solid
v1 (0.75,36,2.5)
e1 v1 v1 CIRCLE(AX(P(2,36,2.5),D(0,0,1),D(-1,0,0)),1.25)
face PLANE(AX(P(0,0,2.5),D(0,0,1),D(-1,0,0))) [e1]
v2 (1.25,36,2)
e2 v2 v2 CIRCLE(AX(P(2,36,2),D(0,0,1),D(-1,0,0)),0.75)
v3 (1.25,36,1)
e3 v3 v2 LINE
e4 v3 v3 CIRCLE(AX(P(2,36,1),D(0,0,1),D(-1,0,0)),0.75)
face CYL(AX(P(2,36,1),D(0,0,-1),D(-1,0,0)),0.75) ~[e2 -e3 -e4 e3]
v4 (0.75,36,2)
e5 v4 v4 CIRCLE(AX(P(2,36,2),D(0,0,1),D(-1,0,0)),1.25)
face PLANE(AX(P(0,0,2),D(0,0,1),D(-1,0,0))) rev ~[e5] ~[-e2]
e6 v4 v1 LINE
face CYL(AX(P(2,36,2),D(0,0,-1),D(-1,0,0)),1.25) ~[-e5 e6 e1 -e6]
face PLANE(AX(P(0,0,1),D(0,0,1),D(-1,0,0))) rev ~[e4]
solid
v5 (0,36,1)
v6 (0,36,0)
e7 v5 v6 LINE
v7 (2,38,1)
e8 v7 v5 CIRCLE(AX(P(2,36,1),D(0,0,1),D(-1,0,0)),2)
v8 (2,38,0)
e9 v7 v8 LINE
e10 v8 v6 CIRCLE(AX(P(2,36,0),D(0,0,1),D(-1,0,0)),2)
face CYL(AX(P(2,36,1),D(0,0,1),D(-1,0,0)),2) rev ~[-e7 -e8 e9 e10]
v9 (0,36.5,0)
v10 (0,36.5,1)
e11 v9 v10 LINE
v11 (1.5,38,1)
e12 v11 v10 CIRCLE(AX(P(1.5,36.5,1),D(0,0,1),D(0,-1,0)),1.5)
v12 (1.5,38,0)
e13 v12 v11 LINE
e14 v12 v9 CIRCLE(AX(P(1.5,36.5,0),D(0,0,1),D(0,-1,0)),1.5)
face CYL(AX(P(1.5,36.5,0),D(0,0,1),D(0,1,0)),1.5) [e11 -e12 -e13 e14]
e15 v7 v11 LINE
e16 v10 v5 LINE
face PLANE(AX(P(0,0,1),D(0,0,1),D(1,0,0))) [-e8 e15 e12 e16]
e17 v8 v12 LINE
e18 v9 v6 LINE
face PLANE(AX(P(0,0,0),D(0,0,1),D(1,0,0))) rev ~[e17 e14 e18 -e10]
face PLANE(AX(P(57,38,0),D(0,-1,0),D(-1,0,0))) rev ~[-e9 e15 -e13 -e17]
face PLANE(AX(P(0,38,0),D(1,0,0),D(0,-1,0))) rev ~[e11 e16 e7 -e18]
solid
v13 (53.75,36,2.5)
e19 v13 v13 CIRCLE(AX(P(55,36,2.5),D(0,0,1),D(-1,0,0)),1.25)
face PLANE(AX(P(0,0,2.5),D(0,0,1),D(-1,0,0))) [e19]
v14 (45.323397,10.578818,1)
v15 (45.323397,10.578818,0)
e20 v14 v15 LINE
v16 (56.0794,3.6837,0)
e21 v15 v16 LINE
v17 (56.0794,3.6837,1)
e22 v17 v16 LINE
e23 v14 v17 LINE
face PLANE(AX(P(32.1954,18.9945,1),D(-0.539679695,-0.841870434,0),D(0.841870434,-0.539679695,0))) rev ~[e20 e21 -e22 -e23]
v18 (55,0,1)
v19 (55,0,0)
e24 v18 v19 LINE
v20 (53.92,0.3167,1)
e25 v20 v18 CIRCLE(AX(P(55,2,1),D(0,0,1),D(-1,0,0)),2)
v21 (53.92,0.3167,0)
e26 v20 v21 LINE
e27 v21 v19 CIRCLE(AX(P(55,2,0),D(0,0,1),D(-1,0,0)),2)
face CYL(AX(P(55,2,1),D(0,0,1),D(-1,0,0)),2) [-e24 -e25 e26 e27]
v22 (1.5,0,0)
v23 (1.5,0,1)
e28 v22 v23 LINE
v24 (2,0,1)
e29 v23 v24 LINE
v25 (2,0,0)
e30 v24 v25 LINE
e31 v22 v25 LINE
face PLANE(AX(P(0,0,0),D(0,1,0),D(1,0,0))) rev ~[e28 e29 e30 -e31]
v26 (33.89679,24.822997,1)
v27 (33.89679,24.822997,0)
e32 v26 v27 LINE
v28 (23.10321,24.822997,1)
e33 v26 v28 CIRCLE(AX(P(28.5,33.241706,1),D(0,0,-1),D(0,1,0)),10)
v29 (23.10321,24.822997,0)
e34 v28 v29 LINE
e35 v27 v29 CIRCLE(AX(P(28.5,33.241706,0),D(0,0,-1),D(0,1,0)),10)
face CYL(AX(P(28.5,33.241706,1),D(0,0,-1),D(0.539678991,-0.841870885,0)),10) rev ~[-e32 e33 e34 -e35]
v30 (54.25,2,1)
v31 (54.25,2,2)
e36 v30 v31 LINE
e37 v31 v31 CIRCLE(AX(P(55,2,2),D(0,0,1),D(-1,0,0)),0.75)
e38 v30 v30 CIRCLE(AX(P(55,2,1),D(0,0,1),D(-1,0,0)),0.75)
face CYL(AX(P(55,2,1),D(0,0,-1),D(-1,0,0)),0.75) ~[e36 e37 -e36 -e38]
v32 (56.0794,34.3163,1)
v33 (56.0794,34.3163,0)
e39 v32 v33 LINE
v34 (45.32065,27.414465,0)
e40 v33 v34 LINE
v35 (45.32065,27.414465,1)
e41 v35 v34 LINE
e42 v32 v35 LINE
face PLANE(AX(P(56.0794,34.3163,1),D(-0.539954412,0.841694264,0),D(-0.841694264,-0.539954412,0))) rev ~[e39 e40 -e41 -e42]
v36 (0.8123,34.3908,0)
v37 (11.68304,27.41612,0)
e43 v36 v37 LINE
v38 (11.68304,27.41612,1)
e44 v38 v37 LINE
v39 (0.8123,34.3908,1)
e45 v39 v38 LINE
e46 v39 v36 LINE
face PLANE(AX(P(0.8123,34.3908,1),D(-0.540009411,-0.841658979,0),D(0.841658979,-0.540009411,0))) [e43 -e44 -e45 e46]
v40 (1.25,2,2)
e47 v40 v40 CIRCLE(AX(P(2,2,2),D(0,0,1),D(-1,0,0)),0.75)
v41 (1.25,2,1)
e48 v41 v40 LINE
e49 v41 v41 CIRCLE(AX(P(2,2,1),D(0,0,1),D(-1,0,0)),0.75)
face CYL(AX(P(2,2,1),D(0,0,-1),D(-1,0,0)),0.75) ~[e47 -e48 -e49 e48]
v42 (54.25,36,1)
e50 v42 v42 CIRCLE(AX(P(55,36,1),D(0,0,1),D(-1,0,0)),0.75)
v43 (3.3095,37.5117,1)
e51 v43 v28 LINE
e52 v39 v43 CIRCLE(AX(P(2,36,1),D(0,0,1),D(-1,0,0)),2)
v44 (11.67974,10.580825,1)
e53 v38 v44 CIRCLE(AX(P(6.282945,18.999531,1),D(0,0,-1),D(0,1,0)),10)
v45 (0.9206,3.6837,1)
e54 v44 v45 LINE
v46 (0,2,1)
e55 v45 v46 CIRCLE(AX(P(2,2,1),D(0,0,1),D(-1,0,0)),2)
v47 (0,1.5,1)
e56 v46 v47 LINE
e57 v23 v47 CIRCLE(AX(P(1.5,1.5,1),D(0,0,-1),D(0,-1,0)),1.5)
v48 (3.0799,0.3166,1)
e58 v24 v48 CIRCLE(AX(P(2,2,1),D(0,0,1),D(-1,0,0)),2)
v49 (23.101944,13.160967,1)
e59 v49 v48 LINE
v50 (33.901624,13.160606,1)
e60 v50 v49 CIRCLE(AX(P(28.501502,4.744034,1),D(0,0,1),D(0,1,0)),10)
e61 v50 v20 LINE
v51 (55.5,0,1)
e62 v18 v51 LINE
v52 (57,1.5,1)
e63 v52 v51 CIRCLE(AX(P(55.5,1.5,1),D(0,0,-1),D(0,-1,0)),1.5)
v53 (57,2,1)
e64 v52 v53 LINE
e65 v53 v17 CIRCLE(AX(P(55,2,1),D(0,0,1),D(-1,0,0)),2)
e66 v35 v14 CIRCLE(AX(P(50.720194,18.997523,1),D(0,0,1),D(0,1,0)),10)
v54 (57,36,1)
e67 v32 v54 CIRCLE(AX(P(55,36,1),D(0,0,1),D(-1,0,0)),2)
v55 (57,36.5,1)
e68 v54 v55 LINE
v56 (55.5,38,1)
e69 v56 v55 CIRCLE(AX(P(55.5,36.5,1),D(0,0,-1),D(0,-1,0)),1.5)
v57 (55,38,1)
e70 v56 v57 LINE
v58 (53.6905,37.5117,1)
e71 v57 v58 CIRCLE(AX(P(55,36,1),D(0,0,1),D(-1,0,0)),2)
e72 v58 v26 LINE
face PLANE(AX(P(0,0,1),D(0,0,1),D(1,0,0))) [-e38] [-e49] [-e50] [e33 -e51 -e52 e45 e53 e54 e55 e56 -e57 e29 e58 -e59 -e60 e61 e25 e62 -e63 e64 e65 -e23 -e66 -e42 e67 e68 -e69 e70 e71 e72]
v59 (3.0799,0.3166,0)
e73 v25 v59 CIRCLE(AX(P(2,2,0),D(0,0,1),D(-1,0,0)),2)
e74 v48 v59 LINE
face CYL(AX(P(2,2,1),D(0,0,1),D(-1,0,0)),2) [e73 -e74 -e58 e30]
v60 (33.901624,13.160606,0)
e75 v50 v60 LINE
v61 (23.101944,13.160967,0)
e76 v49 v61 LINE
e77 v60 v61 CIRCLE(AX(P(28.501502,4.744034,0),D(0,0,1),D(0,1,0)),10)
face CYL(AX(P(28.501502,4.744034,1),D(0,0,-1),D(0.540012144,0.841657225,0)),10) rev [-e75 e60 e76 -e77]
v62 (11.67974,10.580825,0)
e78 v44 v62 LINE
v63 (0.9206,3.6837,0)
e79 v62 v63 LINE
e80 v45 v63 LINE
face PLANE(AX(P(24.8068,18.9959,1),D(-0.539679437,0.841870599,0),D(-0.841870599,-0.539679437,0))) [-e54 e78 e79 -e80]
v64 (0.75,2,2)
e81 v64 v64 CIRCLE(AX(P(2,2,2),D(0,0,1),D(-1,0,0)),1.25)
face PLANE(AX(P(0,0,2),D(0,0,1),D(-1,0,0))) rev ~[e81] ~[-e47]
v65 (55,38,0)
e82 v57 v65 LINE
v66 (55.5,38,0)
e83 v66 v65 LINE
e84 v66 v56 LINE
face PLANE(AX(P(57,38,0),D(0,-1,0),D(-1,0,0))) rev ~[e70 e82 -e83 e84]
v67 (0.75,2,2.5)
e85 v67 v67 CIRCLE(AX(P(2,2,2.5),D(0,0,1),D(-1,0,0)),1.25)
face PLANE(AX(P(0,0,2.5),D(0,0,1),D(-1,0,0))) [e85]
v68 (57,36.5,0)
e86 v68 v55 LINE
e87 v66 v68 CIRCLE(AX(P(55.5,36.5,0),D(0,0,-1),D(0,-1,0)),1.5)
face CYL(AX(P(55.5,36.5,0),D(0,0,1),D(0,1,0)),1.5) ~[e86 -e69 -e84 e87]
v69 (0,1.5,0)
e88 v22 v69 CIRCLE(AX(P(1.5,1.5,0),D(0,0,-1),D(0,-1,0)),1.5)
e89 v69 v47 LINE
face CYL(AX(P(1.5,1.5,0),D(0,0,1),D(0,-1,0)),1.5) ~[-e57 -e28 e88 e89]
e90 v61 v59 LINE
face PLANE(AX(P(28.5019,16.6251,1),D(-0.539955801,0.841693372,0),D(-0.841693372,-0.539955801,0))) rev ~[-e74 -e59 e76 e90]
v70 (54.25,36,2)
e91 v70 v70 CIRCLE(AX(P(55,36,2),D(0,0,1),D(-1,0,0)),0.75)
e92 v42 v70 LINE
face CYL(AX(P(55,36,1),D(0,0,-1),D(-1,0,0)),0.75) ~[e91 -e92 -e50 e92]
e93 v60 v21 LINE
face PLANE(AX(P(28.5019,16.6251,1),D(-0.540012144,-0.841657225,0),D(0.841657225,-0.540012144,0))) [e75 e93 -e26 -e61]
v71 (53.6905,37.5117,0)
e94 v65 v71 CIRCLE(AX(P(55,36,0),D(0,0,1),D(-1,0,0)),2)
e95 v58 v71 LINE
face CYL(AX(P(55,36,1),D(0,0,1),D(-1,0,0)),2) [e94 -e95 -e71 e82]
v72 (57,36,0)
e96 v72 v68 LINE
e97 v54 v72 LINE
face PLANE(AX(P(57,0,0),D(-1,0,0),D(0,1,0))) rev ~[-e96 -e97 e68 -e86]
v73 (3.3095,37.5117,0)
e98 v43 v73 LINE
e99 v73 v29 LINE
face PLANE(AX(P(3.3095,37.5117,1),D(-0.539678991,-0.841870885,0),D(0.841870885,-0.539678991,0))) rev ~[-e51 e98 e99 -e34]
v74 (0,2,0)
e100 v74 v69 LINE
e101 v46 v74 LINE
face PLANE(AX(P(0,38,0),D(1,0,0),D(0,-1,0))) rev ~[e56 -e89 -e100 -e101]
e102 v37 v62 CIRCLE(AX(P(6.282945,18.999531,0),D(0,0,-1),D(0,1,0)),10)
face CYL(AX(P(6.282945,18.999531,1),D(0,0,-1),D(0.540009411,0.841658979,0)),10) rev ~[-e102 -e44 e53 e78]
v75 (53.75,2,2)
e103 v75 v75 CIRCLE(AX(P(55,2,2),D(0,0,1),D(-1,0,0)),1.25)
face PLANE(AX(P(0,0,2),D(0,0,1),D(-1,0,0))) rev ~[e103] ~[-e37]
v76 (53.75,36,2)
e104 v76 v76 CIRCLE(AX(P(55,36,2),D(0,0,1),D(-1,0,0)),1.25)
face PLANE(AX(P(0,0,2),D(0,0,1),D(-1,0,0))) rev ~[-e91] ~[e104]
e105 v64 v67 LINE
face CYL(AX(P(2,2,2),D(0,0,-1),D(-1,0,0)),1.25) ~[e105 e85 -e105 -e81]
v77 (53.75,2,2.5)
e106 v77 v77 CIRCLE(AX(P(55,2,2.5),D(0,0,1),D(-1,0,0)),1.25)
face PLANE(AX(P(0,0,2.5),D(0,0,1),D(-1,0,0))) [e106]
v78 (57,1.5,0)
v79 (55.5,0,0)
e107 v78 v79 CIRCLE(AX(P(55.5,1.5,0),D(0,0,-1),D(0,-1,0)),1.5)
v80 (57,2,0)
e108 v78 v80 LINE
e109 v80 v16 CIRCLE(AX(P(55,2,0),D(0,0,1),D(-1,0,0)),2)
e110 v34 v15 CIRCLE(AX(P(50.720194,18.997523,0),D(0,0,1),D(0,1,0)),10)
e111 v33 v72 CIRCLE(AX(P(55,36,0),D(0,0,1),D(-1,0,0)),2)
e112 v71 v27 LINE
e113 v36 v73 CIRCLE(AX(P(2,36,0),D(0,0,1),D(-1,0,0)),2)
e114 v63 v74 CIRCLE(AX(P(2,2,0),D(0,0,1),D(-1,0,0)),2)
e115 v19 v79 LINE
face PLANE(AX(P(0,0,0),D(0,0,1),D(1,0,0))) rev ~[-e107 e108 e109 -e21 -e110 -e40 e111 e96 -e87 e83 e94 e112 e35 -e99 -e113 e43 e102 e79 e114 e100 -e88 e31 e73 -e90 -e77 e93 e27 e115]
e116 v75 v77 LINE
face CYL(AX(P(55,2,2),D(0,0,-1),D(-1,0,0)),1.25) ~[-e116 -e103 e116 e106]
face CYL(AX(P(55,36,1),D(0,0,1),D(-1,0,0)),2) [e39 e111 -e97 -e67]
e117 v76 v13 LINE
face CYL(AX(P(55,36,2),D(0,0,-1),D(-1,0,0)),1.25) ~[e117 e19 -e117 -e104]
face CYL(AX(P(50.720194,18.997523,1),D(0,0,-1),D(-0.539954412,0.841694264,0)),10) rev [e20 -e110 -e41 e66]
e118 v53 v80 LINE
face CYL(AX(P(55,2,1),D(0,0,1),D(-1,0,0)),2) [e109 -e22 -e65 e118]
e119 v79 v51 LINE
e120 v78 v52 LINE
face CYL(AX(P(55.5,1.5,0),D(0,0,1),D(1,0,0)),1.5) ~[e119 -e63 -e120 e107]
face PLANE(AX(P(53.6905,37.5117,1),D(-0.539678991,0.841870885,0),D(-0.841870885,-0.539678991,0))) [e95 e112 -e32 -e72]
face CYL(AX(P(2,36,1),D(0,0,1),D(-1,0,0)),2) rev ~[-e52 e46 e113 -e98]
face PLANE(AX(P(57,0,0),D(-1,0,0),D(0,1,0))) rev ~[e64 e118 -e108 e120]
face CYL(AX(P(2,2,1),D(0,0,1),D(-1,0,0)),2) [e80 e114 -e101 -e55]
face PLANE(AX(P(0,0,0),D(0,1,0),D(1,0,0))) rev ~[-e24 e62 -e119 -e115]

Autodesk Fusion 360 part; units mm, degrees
sketch "Skizze1" plane through (0, 0, 0) normal (0, 0, 1) x (1, 0, 0)
  line L0 (0, 0) -> (57, 0)
  line L1 (57, 0) -> (57, 38)
  line L2 (57, 38) -> (0, 38)
  line L3 (0, 38) -> (0, 0)
  dimension "d1" = 57
  dimension "d2" = 38
extrude "Extrusion1" add sketch "Skizze1" along normal blind 1
sketch "Skizze2" plane through (0, 0, 1) normal (0, 0, 1) x (-1, 0, 0)
  line L0 (0, -38) -> (0, 0)
  line L1 (0, 0) -> (-57, 0)
  line L2 (-57, 0) -> (-57, -38)
  line L3 (-57, -38) -> (0, -38)
  circle A0 centre (-2, -36) radius 0.75
  circle A1 centre (-55, -36) radius 0.75
  circle A2 centre (-2, -2) radius 0.75
  circle A3 centre (-55, -2) radius 0.75
  line L4 (-2, -36) -> (-55, -36) construction
  line L5 (-55, -36) -> (-55, -2) construction
  line L6 (-55, -2) -> (-2, -2) construction
  line L7 (-2, -2) -> (-2, -36) construction
  line L8 (-28.5, -38) -> (-28.5, 0) construction
  line L9 (0, -19) -> (-57, -19) construction
  dimension "d5" = 1.5
  dimension "d6" = 1.5
  dimension "d7" = 1.5
  dimension "d8" = 1.5
  dimension "d9" = 53
  dimension "d10" = 53
  dimension "d11" = 26.5
  dimension "d12" = 17
  dimension "d13" = 34
extrude "Extrusion2" add sketch "Skizze2" along normal blind 1 contours A0 | A1 | A2 | A3
sketch "Skizze3" plane through (0, 0, 2) normal (0, 0, 1) x (-1, 0, 0)
  circle A0 centre (-2, -36) radius 0.75
  circle A1 centre (-2, -36) radius 1.25
  circle A2 centre (-55, -36) radius 1.25
  circle A3 centre (-2, -2) radius 1.25
  circle A4 centre (-55, -2) radius 1.25
  dimension "d16" = 2.5
  dimension "d17" = 2.5
  dimension "d18" = 2.5
  dimension "d19" = 2.5
extrude "Extrusion3" add sketch "Skizze3" along normal blind 0.5 contours A0 | A1 | A2 | A3 | A4
sketch "Skizze4" plane through (0, 0, 1) normal (0, 0, 1) x (-1, 0, 0)
  circle A0 centre (-2, -2) radius 0.75
  circle A1 centre (-2, -36) radius 0.75
  circle A2 centre (-55, -2) radius 0.75
  circle A3 centre (-55, -36) radius 0.75
  line L0 (0, -38) -> (0, 0)
  line L1 (0, 0) -> (-57, 0)
  line L2 (-57, 0) -> (-57, -38)
  line L3 (-57, -38) -> (0, -38)
  circle A4 centre (-2, -36) radius 2
  circle A5 centre (-55, -36) radius 2
  circle A6 centre (-55, -2) radius 2
  circle A7 centre (-2, -2) radius 2
  line L4 (-53.6905, -37.5117) -> (-28.5, -21.3634)
  line L5 (-24.8068, -18.9959) -> (-0.9206, -3.6837)
  line L6 (-0.8123, -34.3908) -> (-24.8068, -18.9959)
  line L7 (-28.5019, -16.6251) -> (-53.92, -0.3167)
  line L8 (-56.0794, -34.3163) -> (-32.1954, -18.9945)
  line L9 (-28.5019, -16.6251) -> (-3.0799, -0.3166)
  line L10 (-3.3095, -37.5117) -> (-28.5, -21.3634)
  line L11 (-32.1954, -18.9945) -> (-56.0794, -3.6837)
extrude "Extrusion4" cut sketch "Skizze4" against normal blind 4 contours A1 | L0 A4 A7 L5 L6 | L3 A4 A5 L4 L10 | L1 A6 A7 L7 L9 | L2 A5 A6 L8 L11
fillet "Abrundung1" radius 1.5 4 edges at (0, 0, 0.5) (57, 0, 0.5) (57, 38, 0.5) (0, 38, 0.5)
fillet "Abrundung2" radius 10 4 edges at (28.5019, 16.6251, 0.5) (24.8068, 18.9959, 0.5) (28.5, 21.3634, 0.5) (32.1954, 18.9945, 0.5)
